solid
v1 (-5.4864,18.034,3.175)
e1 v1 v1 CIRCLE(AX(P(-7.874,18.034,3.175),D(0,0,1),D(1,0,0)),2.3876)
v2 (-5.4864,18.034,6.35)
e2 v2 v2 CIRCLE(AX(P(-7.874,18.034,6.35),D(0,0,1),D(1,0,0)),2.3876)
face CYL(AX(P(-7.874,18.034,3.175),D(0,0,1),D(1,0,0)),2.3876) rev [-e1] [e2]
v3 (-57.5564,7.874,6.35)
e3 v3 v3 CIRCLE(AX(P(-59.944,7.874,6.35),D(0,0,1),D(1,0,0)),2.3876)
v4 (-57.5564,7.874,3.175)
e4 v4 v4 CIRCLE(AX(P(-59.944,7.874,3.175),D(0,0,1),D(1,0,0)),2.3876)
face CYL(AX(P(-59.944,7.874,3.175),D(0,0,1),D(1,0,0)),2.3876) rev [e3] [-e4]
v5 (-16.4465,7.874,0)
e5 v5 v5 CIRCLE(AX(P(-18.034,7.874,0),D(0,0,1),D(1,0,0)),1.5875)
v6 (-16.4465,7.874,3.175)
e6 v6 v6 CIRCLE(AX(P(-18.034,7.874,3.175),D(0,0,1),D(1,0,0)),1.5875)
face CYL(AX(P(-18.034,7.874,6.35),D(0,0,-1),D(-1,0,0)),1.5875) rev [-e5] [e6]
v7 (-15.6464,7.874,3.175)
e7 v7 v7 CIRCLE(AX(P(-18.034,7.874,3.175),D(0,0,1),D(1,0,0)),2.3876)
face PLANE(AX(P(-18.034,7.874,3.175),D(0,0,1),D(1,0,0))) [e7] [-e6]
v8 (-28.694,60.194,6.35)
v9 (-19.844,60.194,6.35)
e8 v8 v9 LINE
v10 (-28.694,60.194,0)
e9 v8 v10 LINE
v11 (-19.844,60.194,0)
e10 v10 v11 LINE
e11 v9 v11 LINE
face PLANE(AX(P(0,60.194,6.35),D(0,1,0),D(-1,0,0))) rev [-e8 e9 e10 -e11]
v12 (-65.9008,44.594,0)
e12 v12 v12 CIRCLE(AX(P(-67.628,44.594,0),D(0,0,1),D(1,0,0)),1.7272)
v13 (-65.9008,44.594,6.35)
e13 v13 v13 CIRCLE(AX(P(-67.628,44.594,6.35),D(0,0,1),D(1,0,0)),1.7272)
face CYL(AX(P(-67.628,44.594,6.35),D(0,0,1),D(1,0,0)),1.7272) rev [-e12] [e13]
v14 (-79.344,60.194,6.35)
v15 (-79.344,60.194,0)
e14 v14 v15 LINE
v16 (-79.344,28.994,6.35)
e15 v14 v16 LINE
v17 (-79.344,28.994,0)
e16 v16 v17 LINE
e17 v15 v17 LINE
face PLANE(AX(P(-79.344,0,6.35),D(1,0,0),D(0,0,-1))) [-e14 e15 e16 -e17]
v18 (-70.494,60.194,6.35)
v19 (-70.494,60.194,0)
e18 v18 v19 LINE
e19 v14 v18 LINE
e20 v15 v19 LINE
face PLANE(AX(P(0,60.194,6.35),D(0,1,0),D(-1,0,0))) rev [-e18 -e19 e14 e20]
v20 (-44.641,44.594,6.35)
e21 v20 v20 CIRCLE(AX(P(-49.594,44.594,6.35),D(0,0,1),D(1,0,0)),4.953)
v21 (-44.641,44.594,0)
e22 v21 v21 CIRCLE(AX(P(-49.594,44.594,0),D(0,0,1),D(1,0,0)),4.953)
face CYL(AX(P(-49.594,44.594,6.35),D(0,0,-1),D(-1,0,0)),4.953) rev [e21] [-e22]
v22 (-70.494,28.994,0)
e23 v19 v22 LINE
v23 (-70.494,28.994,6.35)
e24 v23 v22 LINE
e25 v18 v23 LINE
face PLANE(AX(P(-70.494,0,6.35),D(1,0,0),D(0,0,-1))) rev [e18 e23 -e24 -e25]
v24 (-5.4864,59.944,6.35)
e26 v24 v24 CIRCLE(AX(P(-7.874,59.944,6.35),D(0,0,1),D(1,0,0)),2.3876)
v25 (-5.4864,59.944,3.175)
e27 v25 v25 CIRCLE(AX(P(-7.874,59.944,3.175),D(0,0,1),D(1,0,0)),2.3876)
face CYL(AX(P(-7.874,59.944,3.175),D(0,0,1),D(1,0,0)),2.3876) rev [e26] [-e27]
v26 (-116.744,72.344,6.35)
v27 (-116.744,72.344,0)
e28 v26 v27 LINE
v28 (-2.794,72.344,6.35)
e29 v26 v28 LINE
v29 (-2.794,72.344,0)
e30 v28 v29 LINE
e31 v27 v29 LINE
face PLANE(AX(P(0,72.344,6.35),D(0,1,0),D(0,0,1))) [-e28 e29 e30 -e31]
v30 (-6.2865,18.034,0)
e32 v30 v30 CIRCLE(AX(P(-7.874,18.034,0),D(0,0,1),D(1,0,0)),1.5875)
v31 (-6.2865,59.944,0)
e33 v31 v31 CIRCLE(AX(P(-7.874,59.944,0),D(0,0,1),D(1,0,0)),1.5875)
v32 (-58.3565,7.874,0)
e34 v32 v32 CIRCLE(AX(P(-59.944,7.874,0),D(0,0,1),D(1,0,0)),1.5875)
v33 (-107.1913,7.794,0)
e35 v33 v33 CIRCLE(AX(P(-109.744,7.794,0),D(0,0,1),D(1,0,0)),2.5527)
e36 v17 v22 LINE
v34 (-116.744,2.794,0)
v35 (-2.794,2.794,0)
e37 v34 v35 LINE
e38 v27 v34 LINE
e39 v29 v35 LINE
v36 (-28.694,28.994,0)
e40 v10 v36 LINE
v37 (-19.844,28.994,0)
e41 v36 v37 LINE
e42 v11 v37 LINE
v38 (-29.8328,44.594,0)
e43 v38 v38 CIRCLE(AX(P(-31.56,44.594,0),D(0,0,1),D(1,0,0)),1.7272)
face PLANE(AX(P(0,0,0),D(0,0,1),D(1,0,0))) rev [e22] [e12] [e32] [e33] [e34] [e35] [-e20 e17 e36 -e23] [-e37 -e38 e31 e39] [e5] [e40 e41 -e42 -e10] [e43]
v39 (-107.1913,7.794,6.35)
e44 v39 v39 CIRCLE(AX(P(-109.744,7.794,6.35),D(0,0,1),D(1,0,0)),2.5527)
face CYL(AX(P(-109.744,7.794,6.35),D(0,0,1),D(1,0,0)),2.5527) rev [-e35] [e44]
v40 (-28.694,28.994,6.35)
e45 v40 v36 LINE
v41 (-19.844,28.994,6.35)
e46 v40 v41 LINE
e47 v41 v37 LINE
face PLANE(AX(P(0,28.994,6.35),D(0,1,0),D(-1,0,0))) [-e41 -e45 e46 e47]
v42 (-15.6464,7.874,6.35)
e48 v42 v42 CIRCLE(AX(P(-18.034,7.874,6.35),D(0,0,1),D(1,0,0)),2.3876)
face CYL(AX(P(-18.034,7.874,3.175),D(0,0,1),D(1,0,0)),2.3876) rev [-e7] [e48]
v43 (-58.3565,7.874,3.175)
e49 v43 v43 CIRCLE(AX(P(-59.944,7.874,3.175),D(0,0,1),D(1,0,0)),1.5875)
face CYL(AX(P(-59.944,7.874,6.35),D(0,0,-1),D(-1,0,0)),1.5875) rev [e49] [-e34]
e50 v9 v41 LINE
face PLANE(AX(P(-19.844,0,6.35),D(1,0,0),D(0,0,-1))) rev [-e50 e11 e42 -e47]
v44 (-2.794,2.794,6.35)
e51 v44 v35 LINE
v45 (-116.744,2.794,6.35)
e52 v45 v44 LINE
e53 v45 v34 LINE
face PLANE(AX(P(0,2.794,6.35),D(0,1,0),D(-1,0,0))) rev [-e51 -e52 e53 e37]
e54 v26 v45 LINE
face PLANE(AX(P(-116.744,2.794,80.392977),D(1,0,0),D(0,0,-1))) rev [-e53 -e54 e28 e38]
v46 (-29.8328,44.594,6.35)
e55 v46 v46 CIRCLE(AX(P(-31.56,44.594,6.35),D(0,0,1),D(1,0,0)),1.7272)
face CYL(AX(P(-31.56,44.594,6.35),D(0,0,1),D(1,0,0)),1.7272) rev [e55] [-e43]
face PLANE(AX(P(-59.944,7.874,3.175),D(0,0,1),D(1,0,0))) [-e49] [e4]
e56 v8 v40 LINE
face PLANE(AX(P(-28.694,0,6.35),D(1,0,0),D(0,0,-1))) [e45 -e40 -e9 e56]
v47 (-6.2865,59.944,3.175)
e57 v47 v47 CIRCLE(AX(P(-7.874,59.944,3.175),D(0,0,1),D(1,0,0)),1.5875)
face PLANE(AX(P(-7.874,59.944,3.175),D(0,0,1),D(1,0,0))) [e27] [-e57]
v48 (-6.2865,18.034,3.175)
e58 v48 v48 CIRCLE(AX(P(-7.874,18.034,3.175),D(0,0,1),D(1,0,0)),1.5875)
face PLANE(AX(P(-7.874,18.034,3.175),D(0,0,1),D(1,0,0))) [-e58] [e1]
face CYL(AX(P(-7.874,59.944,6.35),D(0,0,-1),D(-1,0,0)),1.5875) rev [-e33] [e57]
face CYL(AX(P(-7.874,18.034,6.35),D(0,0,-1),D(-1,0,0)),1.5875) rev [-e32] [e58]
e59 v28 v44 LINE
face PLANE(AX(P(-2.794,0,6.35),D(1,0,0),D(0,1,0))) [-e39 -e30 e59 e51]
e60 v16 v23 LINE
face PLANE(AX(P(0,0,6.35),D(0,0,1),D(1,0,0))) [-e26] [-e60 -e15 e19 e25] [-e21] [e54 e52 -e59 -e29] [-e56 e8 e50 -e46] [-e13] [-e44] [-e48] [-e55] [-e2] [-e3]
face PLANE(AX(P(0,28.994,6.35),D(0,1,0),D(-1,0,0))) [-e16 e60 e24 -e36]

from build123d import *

# Parameters (mm, degrees)
SKETCH5_W               = 88.55
SKETCH5_H               = 69.55
SKETCH5_R               = 2.3876
SKETCH5_R_2             = 3.683
SKETCH5_R_3             = 4.953
SKETCH5_W_2             = 8.85
SKETCH5_H_2             = 31.2
SKETCH5_R_4             = 1.5875
BOSS_EXTRUDE1_DEPTH     = 6.35
F_8_32_TAPPED_HOLE1_D   = 3.4544
CUT_EXTRUDE2_START      = 3.175
SKETCH5_3_R             = 2.3876
SKETCH5_3_R_2           = 1.5875
CUT_EXTRUDE2_DEPTH      = 3.175
SKETCH8_W               = 25.4
SKETCH8_H               = 69.55
SKETCH8_R               = 1
BOSS_EXTRUDE2_DEPTH     = 6.35
F_1_4_20_TAPPED_HOLE2_D = 5.1054


with BuildPart() as part:
    # Sketch5 → Boss-Extrude1 (new body)
    # profile 1 of 6: a face of its own
    with BuildSketch(Plane.XY):
        with Locations((-47.069, 37.569)):
            Rectangle(SKETCH5_W, SKETCH5_H)
        with Locations((-7.874, 18.034)):
            Circle(SKETCH5_R, mode=Mode.SUBTRACT)
        with Locations((-7.874, 59.944)):
            Circle(SKETCH5_R, mode=Mode.SUBTRACT)
        with Locations((-18.034, 7.874)):
            Circle(SKETCH5_R, mode=Mode.SUBTRACT)
        with Locations((-59.944, 7.874)):
            Circle(SKETCH5_R, mode=Mode.SUBTRACT)
        with Locations((-19.9136, 19.9136)):
            Circle(SKETCH5_R_2, mode=Mode.SUBTRACT)
        with Locations((-49.594, 44.594)):
            Circle(SKETCH5_R_3, mode=Mode.SUBTRACT)
        with Locations((-74.919, 44.594)):
            Rectangle(SKETCH5_W_2, SKETCH5_H_2, mode=Mode.SUBTRACT)
        with Locations((-24.269, 44.594)):
            Rectangle(SKETCH5_W_2, SKETCH5_H_2, mode=Mode.SUBTRACT)
    # profile 2 of 6: a face of its own
    with BuildSketch(Plane.XY):
        with Locations((-7.874, 59.944)):
            Circle(SKETCH5_R)
        with Locations((-7.874, 59.944)):
            Circle(SKETCH5_R_4, mode=Mode.SUBTRACT)
    # profile 3 of 6: a face of its own
    with BuildSketch(Plane.XY):
        with Locations((-19.9136, 19.9136)):
            Circle(SKETCH5_R_2)
    # profile 4 of 6: a face of its own
    with BuildSketch(Plane.XY):
        with Locations((-7.874, 18.034)):
            Circle(SKETCH5_R)
        with Locations((-7.874, 18.034)):
            Circle(SKETCH5_R_4, mode=Mode.SUBTRACT)
    # profile 5 of 6: a face of its own
    with BuildSketch(Plane.XY):
        with Locations((-18.034, 7.874)):
            Circle(SKETCH5_R)
        with Locations((-18.034, 7.874)):
            Circle(SKETCH5_R_4, mode=Mode.SUBTRACT)
    # profile 6 of 6: a face of its own
    with BuildSketch(Plane.XY):
        with Locations((-59.944, 7.874)):
            Circle(SKETCH5_R)
        with Locations((-59.944, 7.874)):
            Circle(SKETCH5_R_4, mode=Mode.SUBTRACT)
    extrude(amount=BOSS_EXTRUDE1_DEPTH)

    # #8-32 Tapped Hole1 (through all)
    with Locations(Plane(origin=(-67.628, 44.594, 6.35), x_dir=(1, 0, 0), z_dir=(0, 0, 1))):
        with Locations((0, 0), (36.068, 0)):
            Hole(F_8_32_TAPPED_HOLE1_D / 2)

    # Sketch5<3> → Cut-Extrude2 (cut)
    # profile 1 of 4: a face of its own
    with BuildSketch(Plane.XY.offset(CUT_EXTRUDE2_START)):
        with Locations((-18.034, 7.874)):
            Circle(SKETCH5_3_R)
        with Locations((-18.034, 7.874)):
            Circle(SKETCH5_3_R_2, mode=Mode.SUBTRACT)
    # profile 2 of 4: a face of its own
    with BuildSketch(Plane.XY.offset(CUT_EXTRUDE2_START)):
        with Locations((-7.874, 18.034)):
            Circle(SKETCH5_3_R)
        with Locations((-7.874, 18.034)):
            Circle(SKETCH5_3_R_2, mode=Mode.SUBTRACT)
    # profile 3 of 4: a face of its own
    with BuildSketch(Plane.XY.offset(CUT_EXTRUDE2_START)):
        with Locations((-59.944, 7.874)):
            Circle(SKETCH5_3_R)
        with Locations((-59.944, 7.874)):
            Circle(SKETCH5_3_R_2, mode=Mode.SUBTRACT)
    # profile 4 of 4: a face of its own
    with BuildSketch(Plane.XY.offset(CUT_EXTRUDE2_START)):
        with Locations((-7.874, 59.944)):
            Circle(SKETCH5_3_R)
        with Locations((-7.874, 59.944)):
            Circle(SKETCH5_3_R_2, mode=Mode.SUBTRACT)
    extrude(amount=CUT_EXTRUDE2_DEPTH, mode=Mode.SUBTRACT)

    # Sketch8 → Boss-Extrude2 (add)
    with BuildSketch(Plane.XY):
        with Locations((-104.044, 37.569)):
            Rectangle(SKETCH8_W, SKETCH8_H)
        with Locations((-109.744, 7.794)):
            Circle(SKETCH8_R, mode=Mode.SUBTRACT)
    extrude(amount=BOSS_EXTRUDE2_DEPTH)

    # 1/4-20 Tapped Hole2 (through all)
    with Locations(Plane(origin=(-109.744, 7.794, 6.35), x_dir=(1, 0, 0), z_dir=(0, 0, 1))):
        with Locations((0, 0)):
            Hole(F_1_4_20_TAPPED_HOLE2_D / 2)


solid = part.part
